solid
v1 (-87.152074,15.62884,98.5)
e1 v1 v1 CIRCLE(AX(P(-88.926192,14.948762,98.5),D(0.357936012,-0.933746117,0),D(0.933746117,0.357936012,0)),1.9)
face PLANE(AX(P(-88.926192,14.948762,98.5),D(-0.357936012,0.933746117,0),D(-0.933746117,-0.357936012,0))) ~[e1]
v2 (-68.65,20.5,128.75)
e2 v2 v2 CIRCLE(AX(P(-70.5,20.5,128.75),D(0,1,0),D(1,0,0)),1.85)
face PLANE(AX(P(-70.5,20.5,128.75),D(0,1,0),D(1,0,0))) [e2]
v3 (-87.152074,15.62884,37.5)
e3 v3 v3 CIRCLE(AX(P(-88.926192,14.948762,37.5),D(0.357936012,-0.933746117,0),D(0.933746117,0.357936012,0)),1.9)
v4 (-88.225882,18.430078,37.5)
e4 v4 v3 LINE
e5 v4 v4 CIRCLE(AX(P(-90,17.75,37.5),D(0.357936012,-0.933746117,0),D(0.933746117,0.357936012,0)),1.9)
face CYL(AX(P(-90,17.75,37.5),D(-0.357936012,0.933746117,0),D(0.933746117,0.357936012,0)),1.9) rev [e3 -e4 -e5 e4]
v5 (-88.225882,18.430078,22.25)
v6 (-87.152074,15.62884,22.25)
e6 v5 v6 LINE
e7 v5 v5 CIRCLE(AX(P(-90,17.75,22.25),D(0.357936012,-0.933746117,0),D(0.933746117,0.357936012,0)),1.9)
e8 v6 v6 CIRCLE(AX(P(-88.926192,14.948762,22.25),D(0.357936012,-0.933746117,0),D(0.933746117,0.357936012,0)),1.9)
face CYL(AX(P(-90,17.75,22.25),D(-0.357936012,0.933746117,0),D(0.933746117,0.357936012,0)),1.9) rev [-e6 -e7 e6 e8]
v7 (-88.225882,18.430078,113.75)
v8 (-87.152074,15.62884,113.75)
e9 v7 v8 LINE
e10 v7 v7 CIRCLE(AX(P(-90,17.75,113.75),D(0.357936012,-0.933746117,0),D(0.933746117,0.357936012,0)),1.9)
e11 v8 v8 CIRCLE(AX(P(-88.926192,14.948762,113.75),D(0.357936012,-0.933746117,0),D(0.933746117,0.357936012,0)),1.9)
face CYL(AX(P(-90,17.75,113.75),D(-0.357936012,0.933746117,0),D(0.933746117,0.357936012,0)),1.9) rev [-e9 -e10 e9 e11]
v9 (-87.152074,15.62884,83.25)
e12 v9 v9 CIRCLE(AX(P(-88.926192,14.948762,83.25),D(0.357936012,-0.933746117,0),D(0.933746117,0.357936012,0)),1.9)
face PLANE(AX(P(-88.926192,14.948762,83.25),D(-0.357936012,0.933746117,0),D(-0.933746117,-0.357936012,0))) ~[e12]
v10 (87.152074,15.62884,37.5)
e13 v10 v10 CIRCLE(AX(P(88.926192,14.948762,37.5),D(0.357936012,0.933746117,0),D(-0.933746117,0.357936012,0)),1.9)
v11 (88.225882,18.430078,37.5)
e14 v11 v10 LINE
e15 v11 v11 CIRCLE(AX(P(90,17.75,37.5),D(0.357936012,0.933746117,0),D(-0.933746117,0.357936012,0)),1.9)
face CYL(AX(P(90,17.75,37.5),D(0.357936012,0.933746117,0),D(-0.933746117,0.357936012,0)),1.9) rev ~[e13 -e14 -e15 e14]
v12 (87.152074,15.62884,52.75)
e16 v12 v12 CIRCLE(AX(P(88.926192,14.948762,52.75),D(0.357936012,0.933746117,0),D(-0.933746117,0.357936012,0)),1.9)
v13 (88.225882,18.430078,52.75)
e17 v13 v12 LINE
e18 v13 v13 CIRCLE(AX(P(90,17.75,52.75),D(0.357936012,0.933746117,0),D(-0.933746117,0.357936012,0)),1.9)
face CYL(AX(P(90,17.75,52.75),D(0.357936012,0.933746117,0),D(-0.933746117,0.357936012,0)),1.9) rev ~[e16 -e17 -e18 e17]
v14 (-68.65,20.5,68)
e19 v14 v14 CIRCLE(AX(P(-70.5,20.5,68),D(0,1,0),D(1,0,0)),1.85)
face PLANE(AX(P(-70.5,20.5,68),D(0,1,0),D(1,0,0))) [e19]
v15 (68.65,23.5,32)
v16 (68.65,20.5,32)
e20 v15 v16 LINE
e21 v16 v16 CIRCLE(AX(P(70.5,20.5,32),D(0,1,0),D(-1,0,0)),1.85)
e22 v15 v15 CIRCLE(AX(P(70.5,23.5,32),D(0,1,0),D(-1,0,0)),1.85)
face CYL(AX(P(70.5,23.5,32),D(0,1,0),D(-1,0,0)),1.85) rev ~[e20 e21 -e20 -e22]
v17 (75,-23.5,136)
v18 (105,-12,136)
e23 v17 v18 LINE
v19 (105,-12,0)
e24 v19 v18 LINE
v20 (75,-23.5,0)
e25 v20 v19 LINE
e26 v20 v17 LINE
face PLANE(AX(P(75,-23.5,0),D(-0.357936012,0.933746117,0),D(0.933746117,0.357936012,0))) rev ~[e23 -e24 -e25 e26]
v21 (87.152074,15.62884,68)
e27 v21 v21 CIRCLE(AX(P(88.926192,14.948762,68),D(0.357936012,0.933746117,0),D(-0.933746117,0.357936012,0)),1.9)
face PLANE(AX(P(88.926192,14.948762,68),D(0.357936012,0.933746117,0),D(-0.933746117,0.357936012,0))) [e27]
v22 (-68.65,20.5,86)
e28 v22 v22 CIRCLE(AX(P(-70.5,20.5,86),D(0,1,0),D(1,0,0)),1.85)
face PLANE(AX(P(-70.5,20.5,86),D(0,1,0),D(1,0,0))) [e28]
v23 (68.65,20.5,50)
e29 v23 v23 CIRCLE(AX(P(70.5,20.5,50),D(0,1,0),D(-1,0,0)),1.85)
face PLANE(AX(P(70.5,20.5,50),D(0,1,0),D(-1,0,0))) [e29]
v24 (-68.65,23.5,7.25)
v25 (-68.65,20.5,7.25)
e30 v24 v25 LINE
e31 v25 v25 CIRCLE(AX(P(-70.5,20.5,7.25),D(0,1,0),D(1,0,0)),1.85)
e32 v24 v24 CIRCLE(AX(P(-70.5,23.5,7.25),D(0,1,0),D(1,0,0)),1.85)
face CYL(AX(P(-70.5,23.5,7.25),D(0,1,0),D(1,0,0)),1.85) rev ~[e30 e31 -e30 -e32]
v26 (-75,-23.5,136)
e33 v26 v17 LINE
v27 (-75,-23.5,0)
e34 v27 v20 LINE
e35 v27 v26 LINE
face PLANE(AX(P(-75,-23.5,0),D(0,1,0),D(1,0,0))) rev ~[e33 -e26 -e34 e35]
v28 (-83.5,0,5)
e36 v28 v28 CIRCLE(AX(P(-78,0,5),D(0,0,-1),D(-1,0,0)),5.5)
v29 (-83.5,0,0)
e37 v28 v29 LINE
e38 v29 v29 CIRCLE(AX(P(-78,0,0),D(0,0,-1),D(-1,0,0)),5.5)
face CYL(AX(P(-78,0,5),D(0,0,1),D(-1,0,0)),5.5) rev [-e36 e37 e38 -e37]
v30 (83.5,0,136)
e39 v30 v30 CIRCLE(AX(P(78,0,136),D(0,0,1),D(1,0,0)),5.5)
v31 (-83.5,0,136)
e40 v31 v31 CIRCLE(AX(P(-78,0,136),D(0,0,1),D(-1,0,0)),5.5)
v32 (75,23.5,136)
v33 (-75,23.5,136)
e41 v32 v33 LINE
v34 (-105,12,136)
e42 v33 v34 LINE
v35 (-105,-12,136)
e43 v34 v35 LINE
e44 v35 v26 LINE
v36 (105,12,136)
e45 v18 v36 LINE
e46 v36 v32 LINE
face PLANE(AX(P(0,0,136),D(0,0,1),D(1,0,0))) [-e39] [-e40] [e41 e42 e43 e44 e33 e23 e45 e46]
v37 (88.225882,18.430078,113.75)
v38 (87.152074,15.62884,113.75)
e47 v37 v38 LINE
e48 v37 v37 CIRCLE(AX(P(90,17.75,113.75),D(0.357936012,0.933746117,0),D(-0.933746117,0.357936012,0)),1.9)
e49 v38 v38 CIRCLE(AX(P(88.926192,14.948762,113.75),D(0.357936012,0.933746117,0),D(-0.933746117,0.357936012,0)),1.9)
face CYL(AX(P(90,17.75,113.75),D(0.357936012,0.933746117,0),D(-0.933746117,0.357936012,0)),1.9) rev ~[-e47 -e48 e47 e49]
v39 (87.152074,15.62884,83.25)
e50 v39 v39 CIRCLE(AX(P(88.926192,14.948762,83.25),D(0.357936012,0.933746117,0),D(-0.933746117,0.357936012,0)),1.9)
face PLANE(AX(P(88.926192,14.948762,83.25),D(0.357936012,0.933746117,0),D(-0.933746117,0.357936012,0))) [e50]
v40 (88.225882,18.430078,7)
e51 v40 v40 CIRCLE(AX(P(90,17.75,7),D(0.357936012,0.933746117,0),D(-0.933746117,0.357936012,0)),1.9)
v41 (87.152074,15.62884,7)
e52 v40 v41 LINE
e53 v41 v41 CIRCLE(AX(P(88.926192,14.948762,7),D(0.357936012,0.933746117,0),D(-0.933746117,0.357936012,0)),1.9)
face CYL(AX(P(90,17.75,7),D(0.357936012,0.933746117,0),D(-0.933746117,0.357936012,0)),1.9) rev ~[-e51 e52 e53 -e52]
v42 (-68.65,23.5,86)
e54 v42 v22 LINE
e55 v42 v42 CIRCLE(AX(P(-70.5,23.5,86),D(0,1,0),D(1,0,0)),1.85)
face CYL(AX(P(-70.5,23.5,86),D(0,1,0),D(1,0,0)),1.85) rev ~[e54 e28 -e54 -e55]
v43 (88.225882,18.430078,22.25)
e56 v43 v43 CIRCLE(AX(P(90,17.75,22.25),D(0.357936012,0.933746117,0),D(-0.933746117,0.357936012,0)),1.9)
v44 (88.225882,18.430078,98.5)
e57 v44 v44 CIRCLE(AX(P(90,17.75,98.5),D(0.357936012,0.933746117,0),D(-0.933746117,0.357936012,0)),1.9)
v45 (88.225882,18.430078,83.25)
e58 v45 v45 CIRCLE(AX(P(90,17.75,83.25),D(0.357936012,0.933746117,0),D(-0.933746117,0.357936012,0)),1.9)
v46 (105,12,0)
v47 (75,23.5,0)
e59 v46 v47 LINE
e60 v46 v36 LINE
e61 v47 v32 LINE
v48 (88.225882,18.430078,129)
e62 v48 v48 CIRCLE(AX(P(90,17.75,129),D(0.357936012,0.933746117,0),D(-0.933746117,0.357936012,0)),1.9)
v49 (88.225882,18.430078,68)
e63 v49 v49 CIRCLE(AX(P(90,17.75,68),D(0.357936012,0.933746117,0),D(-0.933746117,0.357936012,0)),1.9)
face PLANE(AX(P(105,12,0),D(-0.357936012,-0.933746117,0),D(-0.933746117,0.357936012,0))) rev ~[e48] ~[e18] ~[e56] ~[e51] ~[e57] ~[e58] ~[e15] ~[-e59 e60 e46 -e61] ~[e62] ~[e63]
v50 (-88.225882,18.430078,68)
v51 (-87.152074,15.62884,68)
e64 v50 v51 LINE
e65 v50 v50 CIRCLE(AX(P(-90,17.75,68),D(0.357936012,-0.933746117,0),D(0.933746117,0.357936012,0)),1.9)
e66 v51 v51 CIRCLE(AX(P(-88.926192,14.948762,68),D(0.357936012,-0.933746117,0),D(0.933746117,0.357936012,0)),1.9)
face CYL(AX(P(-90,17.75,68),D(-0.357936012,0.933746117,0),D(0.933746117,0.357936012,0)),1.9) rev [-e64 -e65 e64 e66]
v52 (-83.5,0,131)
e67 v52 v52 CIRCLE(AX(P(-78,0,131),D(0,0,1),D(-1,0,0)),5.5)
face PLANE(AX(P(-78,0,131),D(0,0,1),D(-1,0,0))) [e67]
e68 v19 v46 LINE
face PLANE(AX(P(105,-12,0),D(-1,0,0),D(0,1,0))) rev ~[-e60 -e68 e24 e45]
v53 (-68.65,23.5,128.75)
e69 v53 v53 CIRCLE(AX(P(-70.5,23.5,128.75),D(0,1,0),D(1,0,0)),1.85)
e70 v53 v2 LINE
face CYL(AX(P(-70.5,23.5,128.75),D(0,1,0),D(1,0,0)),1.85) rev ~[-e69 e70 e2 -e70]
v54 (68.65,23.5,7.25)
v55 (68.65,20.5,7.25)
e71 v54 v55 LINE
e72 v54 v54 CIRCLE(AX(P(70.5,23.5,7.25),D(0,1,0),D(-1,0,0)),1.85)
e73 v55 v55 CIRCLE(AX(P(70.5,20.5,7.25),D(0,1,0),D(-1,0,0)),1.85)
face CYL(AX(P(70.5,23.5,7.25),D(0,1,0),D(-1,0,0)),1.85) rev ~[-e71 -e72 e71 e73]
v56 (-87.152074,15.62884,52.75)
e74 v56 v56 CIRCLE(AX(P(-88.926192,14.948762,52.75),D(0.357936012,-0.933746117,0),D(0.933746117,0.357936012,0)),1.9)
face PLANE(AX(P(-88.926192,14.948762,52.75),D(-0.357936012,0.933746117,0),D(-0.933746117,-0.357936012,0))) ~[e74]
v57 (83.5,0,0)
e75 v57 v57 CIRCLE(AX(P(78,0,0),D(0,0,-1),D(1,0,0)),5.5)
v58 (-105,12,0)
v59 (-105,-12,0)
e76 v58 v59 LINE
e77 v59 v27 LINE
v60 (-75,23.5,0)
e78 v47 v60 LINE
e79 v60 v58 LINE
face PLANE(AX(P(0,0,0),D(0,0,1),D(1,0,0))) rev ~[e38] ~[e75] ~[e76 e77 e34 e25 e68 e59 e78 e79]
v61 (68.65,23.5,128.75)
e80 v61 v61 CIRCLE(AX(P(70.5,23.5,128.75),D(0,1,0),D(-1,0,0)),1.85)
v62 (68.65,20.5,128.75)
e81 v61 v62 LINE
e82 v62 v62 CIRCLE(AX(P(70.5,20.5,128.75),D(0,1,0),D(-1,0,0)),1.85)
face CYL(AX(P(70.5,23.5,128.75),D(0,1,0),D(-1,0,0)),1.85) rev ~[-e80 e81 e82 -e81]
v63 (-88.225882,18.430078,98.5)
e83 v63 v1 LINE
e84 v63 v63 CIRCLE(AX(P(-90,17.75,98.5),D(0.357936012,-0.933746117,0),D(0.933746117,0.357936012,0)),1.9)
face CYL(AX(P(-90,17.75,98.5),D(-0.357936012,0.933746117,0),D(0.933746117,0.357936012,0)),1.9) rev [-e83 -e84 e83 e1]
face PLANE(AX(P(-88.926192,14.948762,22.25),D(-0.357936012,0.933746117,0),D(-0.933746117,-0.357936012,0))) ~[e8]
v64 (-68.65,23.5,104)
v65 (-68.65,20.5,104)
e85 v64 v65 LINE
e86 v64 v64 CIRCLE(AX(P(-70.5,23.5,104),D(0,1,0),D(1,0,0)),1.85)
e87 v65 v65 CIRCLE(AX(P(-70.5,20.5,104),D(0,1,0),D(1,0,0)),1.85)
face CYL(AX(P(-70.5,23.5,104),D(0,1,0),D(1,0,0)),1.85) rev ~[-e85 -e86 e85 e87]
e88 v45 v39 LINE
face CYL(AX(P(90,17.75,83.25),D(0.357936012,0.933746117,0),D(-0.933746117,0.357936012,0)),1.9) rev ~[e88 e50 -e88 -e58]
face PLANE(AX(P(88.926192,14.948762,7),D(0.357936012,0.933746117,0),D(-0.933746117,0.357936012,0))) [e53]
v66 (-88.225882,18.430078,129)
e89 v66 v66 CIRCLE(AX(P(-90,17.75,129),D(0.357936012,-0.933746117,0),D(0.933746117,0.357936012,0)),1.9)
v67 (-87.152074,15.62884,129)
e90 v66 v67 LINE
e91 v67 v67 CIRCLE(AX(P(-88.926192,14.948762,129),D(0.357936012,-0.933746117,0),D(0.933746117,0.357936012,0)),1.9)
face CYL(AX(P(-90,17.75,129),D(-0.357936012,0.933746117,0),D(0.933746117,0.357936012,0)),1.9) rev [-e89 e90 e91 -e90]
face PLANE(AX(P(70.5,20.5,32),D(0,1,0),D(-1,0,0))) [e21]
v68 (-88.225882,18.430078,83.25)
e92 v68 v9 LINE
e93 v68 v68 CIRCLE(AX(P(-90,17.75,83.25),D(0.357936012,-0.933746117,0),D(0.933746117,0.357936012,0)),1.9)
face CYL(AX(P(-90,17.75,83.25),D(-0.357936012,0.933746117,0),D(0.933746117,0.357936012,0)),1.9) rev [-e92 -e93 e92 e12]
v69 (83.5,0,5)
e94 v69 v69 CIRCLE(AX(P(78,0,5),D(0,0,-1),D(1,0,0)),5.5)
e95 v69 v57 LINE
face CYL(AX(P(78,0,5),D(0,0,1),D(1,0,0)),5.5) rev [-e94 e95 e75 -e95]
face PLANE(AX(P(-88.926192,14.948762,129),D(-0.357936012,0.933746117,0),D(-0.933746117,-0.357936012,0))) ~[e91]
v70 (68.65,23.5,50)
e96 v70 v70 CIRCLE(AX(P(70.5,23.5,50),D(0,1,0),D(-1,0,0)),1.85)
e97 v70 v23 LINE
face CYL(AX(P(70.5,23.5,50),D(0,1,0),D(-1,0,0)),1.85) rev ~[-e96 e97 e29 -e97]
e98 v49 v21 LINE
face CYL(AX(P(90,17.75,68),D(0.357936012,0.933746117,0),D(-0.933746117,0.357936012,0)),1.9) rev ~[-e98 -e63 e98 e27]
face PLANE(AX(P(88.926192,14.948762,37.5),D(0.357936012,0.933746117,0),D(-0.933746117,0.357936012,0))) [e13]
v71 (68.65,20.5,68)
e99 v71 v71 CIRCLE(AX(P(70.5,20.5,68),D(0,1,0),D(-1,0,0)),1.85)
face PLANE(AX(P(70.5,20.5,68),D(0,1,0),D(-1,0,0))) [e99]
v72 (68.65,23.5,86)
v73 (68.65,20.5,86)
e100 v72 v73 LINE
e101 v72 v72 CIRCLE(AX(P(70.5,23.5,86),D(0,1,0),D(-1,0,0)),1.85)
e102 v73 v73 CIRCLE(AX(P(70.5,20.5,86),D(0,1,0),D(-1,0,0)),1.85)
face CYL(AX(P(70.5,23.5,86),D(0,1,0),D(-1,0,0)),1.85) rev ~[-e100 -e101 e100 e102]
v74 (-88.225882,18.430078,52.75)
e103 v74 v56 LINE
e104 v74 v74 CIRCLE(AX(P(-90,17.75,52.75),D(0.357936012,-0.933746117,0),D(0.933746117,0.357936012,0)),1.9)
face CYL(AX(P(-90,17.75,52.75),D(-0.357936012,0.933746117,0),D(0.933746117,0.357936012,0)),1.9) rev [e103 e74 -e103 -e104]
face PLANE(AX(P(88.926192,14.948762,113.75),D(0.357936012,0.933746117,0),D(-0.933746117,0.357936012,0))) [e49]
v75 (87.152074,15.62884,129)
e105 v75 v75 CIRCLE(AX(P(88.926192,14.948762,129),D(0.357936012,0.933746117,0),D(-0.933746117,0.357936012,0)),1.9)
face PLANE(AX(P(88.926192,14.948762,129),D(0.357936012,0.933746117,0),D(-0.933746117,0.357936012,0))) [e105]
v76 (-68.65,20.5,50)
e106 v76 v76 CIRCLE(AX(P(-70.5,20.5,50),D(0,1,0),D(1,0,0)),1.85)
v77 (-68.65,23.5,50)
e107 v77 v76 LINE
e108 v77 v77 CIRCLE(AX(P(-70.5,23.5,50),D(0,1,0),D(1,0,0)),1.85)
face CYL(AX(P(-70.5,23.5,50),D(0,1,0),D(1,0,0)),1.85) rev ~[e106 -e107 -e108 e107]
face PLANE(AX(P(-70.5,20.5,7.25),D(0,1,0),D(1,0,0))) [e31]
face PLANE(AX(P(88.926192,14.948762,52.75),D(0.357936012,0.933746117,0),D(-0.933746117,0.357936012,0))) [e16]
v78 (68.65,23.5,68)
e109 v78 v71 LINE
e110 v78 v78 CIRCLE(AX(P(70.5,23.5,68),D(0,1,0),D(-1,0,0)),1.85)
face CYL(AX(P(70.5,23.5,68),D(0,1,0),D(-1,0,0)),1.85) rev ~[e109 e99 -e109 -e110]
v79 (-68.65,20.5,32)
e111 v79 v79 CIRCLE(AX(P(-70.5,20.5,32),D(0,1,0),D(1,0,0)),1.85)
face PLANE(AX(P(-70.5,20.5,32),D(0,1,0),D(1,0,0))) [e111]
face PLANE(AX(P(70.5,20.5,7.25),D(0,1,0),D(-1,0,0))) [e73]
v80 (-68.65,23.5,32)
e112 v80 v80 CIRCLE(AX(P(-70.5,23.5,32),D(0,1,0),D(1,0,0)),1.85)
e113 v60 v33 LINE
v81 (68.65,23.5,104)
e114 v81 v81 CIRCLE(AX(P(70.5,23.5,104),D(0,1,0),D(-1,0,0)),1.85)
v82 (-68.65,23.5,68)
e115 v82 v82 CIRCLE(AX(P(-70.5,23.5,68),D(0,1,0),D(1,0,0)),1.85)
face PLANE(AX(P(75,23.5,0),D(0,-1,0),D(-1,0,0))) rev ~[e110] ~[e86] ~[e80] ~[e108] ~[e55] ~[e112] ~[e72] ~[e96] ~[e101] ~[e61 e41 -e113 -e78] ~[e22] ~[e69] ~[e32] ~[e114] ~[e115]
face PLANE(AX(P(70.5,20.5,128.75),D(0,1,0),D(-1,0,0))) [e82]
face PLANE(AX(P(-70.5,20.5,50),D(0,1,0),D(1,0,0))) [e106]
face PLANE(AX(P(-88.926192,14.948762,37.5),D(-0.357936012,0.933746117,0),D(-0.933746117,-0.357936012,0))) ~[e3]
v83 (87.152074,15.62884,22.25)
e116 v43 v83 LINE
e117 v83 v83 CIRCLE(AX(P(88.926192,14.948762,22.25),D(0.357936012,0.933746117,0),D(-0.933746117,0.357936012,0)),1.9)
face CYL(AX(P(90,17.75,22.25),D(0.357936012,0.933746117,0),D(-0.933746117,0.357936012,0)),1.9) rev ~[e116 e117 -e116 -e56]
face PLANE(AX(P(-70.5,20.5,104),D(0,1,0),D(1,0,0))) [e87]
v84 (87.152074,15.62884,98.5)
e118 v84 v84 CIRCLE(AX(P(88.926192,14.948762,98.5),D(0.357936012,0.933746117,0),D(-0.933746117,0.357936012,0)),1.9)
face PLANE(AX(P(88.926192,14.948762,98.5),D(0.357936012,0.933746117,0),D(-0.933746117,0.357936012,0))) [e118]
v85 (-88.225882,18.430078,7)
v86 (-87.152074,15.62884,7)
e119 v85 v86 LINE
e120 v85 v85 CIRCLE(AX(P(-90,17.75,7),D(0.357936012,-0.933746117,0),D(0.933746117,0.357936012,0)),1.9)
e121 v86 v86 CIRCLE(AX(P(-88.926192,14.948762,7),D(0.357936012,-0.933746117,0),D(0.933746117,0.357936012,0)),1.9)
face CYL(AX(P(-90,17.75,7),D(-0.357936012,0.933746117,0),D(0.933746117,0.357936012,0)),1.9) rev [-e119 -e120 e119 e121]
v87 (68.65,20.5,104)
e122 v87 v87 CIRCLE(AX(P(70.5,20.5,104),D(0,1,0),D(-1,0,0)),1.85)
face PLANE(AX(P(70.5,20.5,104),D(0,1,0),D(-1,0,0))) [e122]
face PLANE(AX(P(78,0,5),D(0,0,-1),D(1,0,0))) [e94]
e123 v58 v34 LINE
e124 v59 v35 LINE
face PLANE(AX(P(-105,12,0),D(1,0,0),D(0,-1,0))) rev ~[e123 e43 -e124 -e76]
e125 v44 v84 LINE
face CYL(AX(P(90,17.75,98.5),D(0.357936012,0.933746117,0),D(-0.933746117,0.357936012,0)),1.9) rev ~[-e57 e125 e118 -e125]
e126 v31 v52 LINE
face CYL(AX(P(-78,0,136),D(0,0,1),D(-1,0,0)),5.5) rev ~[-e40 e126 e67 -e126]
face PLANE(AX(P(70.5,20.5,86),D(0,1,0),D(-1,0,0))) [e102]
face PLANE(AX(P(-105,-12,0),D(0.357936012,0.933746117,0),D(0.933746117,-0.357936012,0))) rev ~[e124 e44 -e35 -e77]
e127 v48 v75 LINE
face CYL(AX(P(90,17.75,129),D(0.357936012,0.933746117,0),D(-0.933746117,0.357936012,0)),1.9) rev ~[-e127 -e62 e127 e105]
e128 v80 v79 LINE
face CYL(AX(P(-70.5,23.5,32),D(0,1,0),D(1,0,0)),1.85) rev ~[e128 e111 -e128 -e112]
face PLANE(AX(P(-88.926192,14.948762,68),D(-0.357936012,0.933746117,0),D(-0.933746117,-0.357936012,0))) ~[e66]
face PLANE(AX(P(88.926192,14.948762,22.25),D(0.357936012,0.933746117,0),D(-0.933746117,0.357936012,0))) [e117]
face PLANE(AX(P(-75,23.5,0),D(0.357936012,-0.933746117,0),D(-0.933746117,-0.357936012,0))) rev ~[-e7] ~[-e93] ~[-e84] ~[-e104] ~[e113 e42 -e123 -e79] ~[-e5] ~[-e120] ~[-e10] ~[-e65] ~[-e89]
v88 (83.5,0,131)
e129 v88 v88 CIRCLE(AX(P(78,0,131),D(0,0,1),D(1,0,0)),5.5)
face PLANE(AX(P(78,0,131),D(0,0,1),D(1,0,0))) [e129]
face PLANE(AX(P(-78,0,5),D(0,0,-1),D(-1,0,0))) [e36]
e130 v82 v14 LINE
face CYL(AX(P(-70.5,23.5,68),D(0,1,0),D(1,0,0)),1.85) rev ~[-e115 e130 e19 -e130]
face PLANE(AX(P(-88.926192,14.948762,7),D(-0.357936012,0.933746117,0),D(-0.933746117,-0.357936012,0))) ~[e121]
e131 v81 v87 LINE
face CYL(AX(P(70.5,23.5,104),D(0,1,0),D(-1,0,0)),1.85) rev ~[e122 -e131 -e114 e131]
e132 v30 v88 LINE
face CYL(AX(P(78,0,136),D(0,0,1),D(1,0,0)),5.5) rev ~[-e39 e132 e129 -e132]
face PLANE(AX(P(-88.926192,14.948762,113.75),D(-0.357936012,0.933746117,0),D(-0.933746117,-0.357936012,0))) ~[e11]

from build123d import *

# Parameters (mm, degrees)
BOSS_EXTRUDE1_DEPTH = 136
SKETCH5_R           = 5.5
LEFTWHEELS_DEPTH    = 5
RIGHTWHEELS_START   = -5
SKETCH6_R           = 5.5
RIGHTWHEELS_DEPTH   = 5
SKETCH7_R           = 1.9
FRONTHOLES_DEPTH    = 3
SKETCH8_R           = 1.85
TOPHOLES_DEPTH      = 3


with BuildPart() as part:
    # Sketch3 → Boss-Extrude1 (new body)
    with BuildSketch(Plane.XY):
        Polygon((-75, 23.5), (-105, 12), (-105, -12), (-75, -23.5), (75, -23.5), (105, -12), (105, 12), (75, 23.5), align=None)
    extrude(amount=BOSS_EXTRUDE1_DEPTH)

    # Sketch5 → LeftWheels (cut)
    with BuildSketch(Plane.XY.offset(136)):
        with Locations((78, 0)):
            Circle(SKETCH5_R)
        with Locations(Location((-78, 0, 0), (0, 0, 180))):
            Circle(SKETCH5_R)
    extrude(amount=-LEFTWHEELS_DEPTH, mode=Mode.SUBTRACT)

    # Sketch6 → RightWheels (cut)
    with BuildSketch(Plane(origin=(0, 0, 0), x_dir=(-1, 0, 0), z_dir=(0, 0, -1)).offset(RIGHTWHEELS_START)):
        with Locations((78, 0)):
            Circle(SKETCH6_R)
        with Locations(Location((-78, 0, 0), (0, 0, 180))):
            Circle(SKETCH6_R)
    extrude(amount=RIGHTWHEELS_DEPTH, mode=Mode.SUBTRACT)

    # Sketch7 → FrontHoles (cut)
    with BuildSketch(Plane(origin=(17.463066118, 45.555824655, 0), x_dir=(0.9337461173020496, -0.3579360116324526, 0), z_dir=(0.3579360116324526, 0.9337461173020496, 0))):
        with Locations(Location((77.683786351, -7, 0), (0, 0, 180))):
            Circle(SKETCH7_R)
        with Locations(Location((77.683786351, -22.25, 0), (0, 0, 180))):
            Circle(SKETCH7_R)
        with Locations(Location((77.683786351, -37.5, 0), (0, 0, 180))):
            Circle(SKETCH7_R)
        with Locations(Location((77.683786351, -52.75, 0), (0, 0, 180))):
            Circle(SKETCH7_R)
        with Locations(Location((77.683786351, -68, 0), (0, 0, 180))):
            Circle(SKETCH7_R)
        with Locations(Location((77.683786351, -83.25, 0), (0, 0, 180))):
            Circle(SKETCH7_R)
        with Locations(Location((77.683786351, -98.5, 0), (0, 0, 180))):
            Circle(SKETCH7_R)
        with Locations(Location((77.683786351, -113.75, 0), (0, 0, 180))):
            Circle(SKETCH7_R)
        with Locations(Location((77.683786351, -129, 0), (0, 0, 180))):
            Circle(SKETCH7_R)
    frontholes = extrude(amount=-FRONTHOLES_DEPTH, mode=Mode.SUBTRACT)

    # BackHoles: FrontHoles across plane
    add(frontholes.mirror(Plane(origin=(0, 0, 0), x_dir=(0, 0, 1), z_dir=(1, 0, 0))), mode=Mode.SUBTRACT)

    # Sketch8 → TopHoles (cut)
    with BuildSketch(Plane(origin=(0, 23.5, 0), x_dir=(1, 0, 0), z_dir=(0, 1, 0))):
        with Locations(Location((70.5, -7.25, 0), (0, 0, 180))):
            Circle(SKETCH8_R)
        with Locations(Location((70.5, -32, 0), (0, 0, 180))):
            Circle(SKETCH8_R)
        with Locations(Location((70.5, -50, 0), (0, 0, 180))):
            Circle(SKETCH8_R)
        with Locations(Location((70.5, -68, 0), (0, 0, 180))):
            Circle(SKETCH8_R)
        with Locations(Location((70.5, -86, 0), (0, 0, 180))):
            Circle(SKETCH8_R)
        with Locations(Location((70.5, -104, 0), (0, 0, 180))):
            Circle(SKETCH8_R)
        with Locations(Location((70.5, -128.75, 0), (0, 0, 180))):
            Circle(SKETCH8_R)
        with Locations((-70.5, -128.75)):
            Circle(SKETCH8_R)
        with Locations((-70.5, -104)):
            Circle(SKETCH8_R)
        with Locations((-70.5, -86)):
            Circle(SKETCH8_R)
        with Locations((-70.5, -68)):
            Circle(SKETCH8_R)
        with Locations((-70.5, -50)):
            Circle(SKETCH8_R)
        with Locations((-70.5, -32)):
            Circle(SKETCH8_R)
        with Locations((-70.5, -7.25)):
            Circle(SKETCH8_R)
    extrude(amount=-TOPHOLES_DEPTH, mode=Mode.SUBTRACT)


solid = part.part
